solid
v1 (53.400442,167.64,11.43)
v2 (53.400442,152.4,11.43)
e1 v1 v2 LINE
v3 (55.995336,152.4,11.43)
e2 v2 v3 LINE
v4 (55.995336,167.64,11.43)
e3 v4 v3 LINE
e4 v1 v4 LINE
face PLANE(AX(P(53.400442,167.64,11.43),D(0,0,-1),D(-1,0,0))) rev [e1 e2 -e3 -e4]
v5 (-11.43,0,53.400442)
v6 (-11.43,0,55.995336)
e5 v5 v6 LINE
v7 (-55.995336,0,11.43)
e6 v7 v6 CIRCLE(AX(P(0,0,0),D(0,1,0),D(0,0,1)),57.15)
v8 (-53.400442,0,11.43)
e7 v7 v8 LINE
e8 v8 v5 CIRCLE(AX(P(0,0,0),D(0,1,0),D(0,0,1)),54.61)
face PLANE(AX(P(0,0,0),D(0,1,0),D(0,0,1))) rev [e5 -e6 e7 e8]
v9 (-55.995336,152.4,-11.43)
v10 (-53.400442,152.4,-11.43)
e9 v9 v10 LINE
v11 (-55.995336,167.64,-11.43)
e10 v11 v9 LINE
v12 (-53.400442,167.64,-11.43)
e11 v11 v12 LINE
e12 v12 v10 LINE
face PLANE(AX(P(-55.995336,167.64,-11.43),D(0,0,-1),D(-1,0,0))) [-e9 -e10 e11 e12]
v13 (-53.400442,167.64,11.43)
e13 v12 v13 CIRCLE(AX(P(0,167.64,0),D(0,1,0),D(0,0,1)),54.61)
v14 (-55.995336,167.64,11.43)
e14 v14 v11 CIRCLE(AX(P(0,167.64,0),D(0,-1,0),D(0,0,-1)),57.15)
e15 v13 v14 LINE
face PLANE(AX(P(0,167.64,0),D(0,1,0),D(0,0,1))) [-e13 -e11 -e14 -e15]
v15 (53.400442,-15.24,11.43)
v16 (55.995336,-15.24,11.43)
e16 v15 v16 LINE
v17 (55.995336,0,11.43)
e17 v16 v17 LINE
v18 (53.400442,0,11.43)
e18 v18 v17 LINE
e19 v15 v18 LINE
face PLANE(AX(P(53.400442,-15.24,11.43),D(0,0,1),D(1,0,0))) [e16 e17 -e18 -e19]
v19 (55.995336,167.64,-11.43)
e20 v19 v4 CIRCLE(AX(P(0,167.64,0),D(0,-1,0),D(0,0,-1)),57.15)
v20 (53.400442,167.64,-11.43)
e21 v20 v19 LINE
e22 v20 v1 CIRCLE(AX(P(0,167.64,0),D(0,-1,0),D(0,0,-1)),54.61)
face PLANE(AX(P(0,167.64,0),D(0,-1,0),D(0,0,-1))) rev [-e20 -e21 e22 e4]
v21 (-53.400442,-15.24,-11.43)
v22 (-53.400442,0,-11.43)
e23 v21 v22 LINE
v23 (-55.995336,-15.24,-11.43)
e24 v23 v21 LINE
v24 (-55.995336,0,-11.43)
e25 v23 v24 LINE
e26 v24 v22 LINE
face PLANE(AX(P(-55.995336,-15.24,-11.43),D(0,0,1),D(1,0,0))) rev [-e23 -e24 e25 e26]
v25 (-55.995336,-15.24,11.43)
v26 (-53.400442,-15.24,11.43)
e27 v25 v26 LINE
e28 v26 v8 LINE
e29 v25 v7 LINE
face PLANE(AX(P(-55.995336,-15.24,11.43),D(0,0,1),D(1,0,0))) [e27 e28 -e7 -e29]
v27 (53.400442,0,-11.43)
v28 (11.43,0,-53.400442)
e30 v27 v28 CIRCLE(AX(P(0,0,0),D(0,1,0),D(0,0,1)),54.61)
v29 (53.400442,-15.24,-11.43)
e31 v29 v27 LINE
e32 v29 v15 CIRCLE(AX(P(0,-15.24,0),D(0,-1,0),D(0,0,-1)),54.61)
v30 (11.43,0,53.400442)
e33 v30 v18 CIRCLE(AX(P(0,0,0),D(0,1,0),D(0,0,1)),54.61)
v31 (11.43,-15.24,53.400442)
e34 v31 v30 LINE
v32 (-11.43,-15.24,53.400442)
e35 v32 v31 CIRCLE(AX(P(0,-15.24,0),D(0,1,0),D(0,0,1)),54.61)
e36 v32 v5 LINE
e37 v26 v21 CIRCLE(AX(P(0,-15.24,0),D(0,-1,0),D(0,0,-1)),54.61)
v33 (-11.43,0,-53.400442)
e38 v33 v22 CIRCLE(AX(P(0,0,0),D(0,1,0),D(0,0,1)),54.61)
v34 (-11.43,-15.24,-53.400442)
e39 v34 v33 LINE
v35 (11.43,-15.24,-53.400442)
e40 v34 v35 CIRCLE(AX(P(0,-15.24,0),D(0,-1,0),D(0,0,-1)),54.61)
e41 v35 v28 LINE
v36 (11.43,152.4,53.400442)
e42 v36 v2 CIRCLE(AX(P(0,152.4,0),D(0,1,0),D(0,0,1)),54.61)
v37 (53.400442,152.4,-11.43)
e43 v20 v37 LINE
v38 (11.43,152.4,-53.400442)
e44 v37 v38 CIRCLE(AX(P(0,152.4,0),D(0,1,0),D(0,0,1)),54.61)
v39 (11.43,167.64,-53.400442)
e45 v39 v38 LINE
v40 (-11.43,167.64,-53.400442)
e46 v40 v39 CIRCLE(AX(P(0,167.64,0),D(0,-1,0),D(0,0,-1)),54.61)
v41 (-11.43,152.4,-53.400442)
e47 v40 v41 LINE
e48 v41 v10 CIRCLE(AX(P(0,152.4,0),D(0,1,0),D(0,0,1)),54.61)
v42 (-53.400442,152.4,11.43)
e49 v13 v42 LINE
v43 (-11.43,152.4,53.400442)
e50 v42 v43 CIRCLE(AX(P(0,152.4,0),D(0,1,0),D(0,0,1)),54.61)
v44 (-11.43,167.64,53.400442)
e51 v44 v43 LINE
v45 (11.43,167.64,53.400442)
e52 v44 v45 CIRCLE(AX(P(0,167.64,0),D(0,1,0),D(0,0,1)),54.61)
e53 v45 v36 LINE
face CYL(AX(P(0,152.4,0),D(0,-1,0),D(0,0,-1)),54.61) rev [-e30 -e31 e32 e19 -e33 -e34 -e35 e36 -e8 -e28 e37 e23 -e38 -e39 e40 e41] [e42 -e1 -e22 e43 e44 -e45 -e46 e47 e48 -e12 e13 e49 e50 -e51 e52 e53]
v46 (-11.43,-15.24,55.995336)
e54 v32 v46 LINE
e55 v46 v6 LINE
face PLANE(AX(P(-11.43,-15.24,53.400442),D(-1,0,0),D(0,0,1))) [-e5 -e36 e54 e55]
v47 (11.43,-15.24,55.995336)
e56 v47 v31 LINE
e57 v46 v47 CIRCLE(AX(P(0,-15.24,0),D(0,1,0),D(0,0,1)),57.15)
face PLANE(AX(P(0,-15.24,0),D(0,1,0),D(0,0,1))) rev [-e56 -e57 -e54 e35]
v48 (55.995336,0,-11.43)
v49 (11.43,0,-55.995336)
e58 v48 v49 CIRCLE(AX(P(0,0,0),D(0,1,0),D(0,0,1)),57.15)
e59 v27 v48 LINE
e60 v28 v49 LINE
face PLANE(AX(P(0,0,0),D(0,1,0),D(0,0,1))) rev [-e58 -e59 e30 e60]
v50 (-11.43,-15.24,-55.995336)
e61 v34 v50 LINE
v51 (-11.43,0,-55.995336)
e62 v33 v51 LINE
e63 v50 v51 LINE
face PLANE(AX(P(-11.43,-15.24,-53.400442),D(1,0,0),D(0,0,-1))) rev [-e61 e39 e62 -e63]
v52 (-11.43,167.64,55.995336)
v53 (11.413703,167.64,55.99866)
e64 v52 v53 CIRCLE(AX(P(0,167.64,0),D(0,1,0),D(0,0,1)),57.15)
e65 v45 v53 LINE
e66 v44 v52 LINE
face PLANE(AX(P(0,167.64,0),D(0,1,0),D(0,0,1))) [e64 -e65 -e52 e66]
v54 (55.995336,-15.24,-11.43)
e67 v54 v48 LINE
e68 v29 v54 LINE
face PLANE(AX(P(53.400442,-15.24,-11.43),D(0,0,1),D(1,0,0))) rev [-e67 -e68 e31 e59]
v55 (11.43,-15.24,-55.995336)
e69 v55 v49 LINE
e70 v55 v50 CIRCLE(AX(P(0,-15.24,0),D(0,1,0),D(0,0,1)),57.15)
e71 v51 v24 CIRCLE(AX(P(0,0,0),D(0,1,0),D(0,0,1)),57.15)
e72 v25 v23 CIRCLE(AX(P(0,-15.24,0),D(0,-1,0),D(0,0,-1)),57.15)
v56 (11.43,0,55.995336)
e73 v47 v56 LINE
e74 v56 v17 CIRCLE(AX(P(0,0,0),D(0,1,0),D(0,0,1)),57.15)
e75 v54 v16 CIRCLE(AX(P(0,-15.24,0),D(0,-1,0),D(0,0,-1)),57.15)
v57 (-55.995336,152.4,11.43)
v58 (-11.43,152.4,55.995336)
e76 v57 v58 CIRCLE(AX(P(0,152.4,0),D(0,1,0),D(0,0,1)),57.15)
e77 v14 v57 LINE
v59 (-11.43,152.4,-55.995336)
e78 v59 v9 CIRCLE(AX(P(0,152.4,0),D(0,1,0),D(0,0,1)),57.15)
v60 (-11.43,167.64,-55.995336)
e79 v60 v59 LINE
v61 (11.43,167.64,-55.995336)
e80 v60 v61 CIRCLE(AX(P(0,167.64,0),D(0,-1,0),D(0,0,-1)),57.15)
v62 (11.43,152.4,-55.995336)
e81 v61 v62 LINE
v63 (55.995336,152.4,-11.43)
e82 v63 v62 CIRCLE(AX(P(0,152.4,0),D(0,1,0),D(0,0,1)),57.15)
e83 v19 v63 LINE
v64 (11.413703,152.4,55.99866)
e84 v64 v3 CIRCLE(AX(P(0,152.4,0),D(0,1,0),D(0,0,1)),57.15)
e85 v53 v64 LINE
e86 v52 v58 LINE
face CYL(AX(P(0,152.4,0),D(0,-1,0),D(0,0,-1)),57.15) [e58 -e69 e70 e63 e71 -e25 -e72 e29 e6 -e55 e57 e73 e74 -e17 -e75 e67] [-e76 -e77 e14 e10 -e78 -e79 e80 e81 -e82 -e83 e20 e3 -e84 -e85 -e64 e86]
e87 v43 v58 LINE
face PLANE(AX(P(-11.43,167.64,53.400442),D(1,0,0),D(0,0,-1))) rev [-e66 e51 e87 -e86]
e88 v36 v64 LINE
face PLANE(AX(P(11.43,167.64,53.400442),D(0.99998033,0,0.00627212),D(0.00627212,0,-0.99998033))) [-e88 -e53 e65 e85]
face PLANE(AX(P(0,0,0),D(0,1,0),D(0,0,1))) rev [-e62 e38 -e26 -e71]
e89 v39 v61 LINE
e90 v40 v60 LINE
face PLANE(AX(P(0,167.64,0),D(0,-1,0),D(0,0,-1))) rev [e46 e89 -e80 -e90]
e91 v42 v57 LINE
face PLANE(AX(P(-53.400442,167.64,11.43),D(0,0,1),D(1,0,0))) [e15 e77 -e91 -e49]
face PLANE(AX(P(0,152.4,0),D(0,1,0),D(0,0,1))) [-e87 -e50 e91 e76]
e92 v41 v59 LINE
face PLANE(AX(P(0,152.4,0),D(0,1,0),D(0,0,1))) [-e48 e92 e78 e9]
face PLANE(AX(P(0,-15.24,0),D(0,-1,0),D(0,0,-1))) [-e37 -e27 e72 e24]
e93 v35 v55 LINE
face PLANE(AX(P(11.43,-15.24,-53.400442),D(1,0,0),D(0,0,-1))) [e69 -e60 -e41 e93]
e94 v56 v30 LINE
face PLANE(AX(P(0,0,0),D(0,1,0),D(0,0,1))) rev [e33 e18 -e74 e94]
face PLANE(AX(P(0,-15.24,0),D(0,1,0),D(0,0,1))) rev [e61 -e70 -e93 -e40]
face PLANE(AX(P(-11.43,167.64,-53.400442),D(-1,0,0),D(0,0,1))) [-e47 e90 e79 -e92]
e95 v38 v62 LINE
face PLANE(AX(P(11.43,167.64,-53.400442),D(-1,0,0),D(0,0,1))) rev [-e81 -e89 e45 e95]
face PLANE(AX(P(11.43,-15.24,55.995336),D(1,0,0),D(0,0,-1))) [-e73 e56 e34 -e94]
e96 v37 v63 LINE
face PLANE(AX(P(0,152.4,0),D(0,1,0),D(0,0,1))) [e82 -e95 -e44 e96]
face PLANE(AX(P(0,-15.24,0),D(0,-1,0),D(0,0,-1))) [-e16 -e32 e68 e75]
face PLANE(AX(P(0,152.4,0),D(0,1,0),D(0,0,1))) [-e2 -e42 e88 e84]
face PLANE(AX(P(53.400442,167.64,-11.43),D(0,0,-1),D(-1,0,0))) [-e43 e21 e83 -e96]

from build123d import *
from build123d.topology import SkipClean

# Parameters (mm, degrees)
SKETCH1_R           = 57.15
SKETCH1_R_2         = 54.61
BOSS_EXTRUDE1_DEPTH = 152.4
BOSS_EXTRUDE2_DEPTH = 15.24
BOSS_EXTRUDE3_START = 15.24
BOSS_EXTRUDE3_DEPTH = 15.24


with BuildPart() as part:
    # Sketch1 → Boss-Extrude1 (new body)
    with BuildSketch(Plane(origin=(0, 0, 0), x_dir=(1, 0, 0), z_dir=(0, 1, 0))):
        with Locations(Location((0, 0, 0), (0, 0, 90))):
            Circle(SKETCH1_R)
        with Locations(Location((0, 0, 0), (0, 0, 90))):
            Circle(SKETCH1_R_2, mode=Mode.SUBTRACT)
    extrude(amount=BOSS_EXTRUDE1_DEPTH)

    # Sketch2 → Boss-Extrude2 (add)
    with SkipClean():  # the faces are left unmerged after this step: merging them gives an invalid solid
        with BuildSketch(Plane(origin=(0, 152.4, 0), x_dir=(1, 0, 0), z_dir=(0, 1, 0))):
            with BuildLine():
                Line((-55.99533552, 11.43), (-53.400441946, 11.43))
                ThreePointArc((-53.400441946, 11.43), (-54.61, 0), (-53.400441946, -11.43))
                Line((-53.400441946, -11.43), (-55.99533552, -11.43))
                ThreePointArc((-55.99533552, -11.43), (-57.15, 0), (-55.99533552, 11.43))
            make_face()
            with BuildLine():
                Line((11.43, 53.400441946), (11.43, 55.99533552))
                ThreePointArc((11.43, 55.99533552), (0, 57.15), (-11.43, 55.99533552))
                Line((-11.43, 55.99533552), (-11.43, 53.400441946))
                ThreePointArc((-11.43, 53.400441946), (0, 54.61), (11.43, 53.400441946))
            make_face()
            with BuildLine():
                Line((53.400441946, 11.43), (55.99533552, 11.43))
                ThreePointArc((55.99533552, 11.43), (57.15, 0), (55.99533552, -11.43))
                Line((55.99533552, -11.43), (53.400441946, -11.43))
                ThreePointArc((53.400441946, -11.43), (54.61, 0), (53.400441946, 11.43))
            make_face()
            with BuildLine():
                Line((-11.43, -53.400441946), (-11.43, -55.99533552))
                ThreePointArc((-11.43, -55.99533552), (-0.008316105, -57.149999395), (11.413703346, -55.998659591))
                Line((11.413703346, -55.998659591), (11.43, -53.400441946))
                ThreePointArc((11.43, -53.400441946), (0, -54.61), (-11.43, -53.400441946))
            make_face()
        extrude(amount=BOSS_EXTRUDE2_DEPTH)

    # Sketch3 → Boss-Extrude3 (add)
    with SkipClean():  # the faces are left unmerged after this step: merging them gives an invalid solid
        with BuildSketch(Plane.XZ.offset(BOSS_EXTRUDE3_START)):
            with BuildLine():
                Line((11.43, 55.99533552), (11.43, 53.400441946))
                ThreePointArc((11.43, 53.400441946), (0, 54.61), (-11.43, 53.400441946))
                Line((-11.43, 53.400441946), (-11.43, 55.99533552))
                ThreePointArc((-11.43, 55.99533552), (0, 57.15), (11.43, 55.99533552))
            make_face()
            with BuildLine():
                Line((53.400441946, 11.43), (55.99533552, 11.43))
                ThreePointArc((55.99533552, 11.43), (57.15, 0), (55.99533552, -11.43))
                Line((55.99533552, -11.43), (53.400441946, -11.43))
                ThreePointArc((53.400441946, -11.43), (54.61, 0), (53.400441946, 11.43))
            make_face()
            with BuildLine():
                Line((-11.43, -53.400441946), (-11.43, -55.99533552))
                ThreePointArc((-11.43, -55.99533552), (0, -57.15), (11.43, -55.99533552))
                Line((11.43, -55.99533552), (11.43, -53.400441946))
                ThreePointArc((11.43, -53.400441946), (0, -54.61), (-11.43, -53.400441946))
            make_face()
            with BuildLine():
                Line((-55.99533552, 11.43), (-53.400441946, 11.43))
                ThreePointArc((-53.400441946, 11.43), (-54.61, 0), (-53.400441946, -11.43))
                Line((-53.400441946, -11.43), (-55.99533552, -11.43))
                ThreePointArc((-55.99533552, -11.43), (-57.15, 0), (-55.99533552, 11.43))
            make_face()
        extrude(amount=-BOSS_EXTRUDE3_DEPTH)


solid = part.part
